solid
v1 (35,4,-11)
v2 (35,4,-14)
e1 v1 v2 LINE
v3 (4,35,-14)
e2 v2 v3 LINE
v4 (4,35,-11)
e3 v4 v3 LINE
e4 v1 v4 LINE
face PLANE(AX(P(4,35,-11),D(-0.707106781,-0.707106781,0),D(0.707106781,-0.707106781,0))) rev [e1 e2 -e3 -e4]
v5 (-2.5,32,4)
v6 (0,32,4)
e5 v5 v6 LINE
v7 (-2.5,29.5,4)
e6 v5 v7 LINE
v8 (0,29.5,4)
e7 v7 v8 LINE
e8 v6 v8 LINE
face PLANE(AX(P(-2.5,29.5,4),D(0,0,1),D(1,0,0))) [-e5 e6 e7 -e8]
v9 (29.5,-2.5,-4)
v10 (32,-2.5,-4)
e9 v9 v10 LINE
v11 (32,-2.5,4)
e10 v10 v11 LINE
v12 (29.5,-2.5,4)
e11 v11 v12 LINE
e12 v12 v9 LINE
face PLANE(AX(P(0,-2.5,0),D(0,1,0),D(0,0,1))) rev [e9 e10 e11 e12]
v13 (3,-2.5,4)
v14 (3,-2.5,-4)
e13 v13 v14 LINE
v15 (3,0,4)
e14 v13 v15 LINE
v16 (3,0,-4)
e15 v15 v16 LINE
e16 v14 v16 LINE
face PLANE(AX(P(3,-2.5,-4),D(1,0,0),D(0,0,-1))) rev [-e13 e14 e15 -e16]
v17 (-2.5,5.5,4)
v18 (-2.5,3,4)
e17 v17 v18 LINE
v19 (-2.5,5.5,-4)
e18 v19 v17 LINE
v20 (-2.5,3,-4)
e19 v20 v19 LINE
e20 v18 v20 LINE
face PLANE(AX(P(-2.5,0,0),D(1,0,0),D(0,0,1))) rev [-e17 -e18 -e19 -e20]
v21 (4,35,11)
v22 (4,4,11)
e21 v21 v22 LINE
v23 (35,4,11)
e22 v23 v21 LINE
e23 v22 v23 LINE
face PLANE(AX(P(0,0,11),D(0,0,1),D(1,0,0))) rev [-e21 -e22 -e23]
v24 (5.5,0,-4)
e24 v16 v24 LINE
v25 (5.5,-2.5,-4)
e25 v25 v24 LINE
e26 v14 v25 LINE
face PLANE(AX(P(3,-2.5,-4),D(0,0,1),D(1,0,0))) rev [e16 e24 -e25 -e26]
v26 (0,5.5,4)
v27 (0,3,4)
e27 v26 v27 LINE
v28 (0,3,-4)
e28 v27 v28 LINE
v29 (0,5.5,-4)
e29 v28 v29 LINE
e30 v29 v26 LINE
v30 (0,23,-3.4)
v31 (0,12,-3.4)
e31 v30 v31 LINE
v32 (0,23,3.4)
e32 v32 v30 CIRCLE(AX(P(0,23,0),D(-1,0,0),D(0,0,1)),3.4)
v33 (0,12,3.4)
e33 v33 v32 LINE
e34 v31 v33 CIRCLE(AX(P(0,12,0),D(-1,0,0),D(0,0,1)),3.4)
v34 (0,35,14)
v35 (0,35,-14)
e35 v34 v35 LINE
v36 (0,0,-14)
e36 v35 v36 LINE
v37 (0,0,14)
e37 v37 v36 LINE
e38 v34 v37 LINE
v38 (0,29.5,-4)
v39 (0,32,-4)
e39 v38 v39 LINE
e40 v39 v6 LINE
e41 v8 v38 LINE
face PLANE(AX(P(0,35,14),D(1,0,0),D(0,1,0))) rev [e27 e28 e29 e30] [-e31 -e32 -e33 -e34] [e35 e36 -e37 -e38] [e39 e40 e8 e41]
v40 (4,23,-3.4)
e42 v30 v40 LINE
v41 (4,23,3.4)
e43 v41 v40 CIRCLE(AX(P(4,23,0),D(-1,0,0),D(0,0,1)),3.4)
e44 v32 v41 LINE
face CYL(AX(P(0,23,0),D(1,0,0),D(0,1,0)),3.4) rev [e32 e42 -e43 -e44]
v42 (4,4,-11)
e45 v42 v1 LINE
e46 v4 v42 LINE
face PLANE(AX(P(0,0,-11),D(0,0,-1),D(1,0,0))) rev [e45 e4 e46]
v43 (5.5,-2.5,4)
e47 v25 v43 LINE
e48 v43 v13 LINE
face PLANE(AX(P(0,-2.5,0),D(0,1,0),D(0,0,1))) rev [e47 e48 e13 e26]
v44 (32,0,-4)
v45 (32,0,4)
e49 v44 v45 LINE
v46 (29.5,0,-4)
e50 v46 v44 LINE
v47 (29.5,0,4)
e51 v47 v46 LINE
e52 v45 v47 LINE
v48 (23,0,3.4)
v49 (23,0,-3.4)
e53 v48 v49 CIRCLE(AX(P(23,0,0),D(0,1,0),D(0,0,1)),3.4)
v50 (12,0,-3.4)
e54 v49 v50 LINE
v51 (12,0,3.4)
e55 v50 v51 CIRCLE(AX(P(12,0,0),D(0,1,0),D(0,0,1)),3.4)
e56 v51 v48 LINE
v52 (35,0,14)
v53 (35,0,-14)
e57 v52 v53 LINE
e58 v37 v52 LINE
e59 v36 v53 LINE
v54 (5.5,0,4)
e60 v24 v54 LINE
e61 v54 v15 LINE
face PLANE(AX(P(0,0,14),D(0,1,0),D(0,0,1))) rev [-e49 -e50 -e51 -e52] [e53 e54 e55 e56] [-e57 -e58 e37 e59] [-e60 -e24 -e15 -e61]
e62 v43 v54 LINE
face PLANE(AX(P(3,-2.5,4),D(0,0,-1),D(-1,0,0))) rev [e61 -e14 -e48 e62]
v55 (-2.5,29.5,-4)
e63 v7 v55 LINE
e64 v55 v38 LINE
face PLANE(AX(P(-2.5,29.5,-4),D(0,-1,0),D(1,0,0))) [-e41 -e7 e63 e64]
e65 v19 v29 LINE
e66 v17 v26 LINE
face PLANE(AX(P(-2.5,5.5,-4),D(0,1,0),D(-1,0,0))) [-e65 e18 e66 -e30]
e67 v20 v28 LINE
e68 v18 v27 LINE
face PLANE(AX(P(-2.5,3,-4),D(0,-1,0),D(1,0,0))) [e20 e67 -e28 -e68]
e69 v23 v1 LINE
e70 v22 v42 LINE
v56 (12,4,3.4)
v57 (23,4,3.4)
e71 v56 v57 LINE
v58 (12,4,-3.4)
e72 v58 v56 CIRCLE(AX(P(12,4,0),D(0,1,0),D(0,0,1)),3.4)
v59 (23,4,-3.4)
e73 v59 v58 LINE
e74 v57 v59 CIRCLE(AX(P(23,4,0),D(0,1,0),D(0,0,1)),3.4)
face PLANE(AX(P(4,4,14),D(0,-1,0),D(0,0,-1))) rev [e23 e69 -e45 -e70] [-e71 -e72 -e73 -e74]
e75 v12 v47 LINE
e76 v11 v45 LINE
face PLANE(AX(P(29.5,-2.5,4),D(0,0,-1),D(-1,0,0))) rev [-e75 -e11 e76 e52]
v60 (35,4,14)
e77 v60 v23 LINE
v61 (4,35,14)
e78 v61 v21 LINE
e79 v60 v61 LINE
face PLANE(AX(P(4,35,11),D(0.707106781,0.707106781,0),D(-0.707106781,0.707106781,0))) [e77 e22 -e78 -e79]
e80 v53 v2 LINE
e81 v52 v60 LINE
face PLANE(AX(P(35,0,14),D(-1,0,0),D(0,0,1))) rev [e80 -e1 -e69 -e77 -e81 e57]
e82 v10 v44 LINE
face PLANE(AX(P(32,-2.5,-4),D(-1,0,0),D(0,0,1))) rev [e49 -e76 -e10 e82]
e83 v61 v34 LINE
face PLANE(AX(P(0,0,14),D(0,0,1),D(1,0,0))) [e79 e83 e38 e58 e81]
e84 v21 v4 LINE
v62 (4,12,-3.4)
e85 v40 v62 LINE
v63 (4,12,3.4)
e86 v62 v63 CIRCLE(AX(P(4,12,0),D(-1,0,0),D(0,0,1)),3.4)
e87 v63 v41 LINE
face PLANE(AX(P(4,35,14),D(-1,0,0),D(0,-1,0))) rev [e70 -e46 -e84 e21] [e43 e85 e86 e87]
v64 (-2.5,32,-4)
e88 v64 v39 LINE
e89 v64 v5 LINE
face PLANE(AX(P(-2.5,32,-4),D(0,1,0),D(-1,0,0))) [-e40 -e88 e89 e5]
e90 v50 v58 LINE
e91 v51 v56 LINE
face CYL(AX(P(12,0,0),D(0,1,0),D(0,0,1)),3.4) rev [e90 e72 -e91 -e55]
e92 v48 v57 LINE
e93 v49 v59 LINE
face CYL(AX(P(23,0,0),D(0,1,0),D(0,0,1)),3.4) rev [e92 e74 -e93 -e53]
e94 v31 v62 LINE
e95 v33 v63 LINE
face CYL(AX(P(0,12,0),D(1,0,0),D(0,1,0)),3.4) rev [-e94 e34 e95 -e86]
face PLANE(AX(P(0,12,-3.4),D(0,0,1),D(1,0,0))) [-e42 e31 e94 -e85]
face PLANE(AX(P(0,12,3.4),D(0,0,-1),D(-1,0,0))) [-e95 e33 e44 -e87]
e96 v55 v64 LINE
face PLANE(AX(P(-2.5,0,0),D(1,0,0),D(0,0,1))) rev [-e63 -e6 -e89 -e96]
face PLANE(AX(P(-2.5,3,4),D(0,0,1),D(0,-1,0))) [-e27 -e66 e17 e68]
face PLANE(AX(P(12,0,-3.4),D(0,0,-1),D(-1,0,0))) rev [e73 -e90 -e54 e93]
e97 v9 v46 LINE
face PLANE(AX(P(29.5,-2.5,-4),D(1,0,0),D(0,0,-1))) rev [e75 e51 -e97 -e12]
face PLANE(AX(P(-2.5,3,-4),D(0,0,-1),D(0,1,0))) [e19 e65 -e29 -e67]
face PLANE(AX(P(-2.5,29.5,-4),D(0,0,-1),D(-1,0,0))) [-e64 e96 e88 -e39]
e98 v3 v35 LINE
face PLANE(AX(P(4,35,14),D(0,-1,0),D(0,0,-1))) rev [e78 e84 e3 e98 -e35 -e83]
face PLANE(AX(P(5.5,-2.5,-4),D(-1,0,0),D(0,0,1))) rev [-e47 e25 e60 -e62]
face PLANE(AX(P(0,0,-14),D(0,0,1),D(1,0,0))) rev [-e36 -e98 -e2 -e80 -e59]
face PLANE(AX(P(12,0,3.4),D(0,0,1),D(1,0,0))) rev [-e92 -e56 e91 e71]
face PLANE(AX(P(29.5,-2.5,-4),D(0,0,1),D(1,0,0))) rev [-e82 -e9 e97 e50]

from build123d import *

# Parameters (mm, degrees)
EXTRUDE_1_DEPTH     = 14
EXTRUDE_2_DEPTH     = 3
CUT_EXTRUDE_1_DEPTH = 5
SKETCH_4_W          = 2.5
SKETCH_4_H          = 8
EXTRUDE_3_DEPTH     = 2.5


with BuildPart() as part:
    # Эскиз1 → Бобышка-Вытянуть1 (new body, symmetric)
    with BuildSketch(Plane.XY):
        Polygon((0, 35), (0, 0), (35, 0), (35, 4), (4, 4), (4, 35), align=None)
    extrude(amount=EXTRUDE_1_DEPTH, both=True)

    # Эскиз2 → Бобышка-Вытянуть2 (add)
    with BuildSketch(Plane.XY.offset(14)):
        Polygon((4, 35), (35, 4), (4, 4), align=None)
    extrude_2 = extrude(amount=-EXTRUDE_2_DEPTH)

    # Зеркальное отражение2: Бобышка-Вытянуть2 across plane
    add(extrude_2.mirror(Plane.XY))

    # Эскиз3 → Вырез-Вытянуть1 (cut, through all)
    with BuildSketch(Plane(origin=(0, 4, 0), x_dir=(1, 0, 0), z_dir=(0, 1, 0))):
        with BuildLine():
            Line((12, 3.4), (23, 3.4))
            ThreePointArc((23, 3.4), (26.4, 0), (23, -3.4))
            Line((23, -3.4), (12, -3.4))
            ThreePointArc((12, -3.4), (8.6, 0), (12, 3.4))
        make_face()
    cut_extrude_1 = extrude(amount=-CUT_EXTRUDE_1_DEPTH, mode=Mode.SUBTRACT)

    # Эскиз4 → Бобышка-Вытянуть3 (add)
    with BuildSketch(Plane.XZ):
        with Locations((4.25, 0)):
            Rectangle(SKETCH_4_W, SKETCH_4_H)
        with Locations((30.75, 0)):
            Rectangle(SKETCH_4_W, SKETCH_4_H)
    extrude_3 = extrude(amount=EXTRUDE_3_DEPTH)

    # Зеркальное отражение3: Вырез-Вытянуть1, Бобышка-Вытянуть3 across plane
    add(cut_extrude_1.mirror(Plane(origin=(0, 0, 0), x_dir=(0, 0, 1), z_dir=(-0.707106781, 0.707106781, 0))), mode=Mode.SUBTRACT)
    add(extrude_3.mirror(Plane(origin=(0, 0, 0), x_dir=(0, 0, 1), z_dir=(-0.707106781, 0.707106781, 0))))


solid = part.part
